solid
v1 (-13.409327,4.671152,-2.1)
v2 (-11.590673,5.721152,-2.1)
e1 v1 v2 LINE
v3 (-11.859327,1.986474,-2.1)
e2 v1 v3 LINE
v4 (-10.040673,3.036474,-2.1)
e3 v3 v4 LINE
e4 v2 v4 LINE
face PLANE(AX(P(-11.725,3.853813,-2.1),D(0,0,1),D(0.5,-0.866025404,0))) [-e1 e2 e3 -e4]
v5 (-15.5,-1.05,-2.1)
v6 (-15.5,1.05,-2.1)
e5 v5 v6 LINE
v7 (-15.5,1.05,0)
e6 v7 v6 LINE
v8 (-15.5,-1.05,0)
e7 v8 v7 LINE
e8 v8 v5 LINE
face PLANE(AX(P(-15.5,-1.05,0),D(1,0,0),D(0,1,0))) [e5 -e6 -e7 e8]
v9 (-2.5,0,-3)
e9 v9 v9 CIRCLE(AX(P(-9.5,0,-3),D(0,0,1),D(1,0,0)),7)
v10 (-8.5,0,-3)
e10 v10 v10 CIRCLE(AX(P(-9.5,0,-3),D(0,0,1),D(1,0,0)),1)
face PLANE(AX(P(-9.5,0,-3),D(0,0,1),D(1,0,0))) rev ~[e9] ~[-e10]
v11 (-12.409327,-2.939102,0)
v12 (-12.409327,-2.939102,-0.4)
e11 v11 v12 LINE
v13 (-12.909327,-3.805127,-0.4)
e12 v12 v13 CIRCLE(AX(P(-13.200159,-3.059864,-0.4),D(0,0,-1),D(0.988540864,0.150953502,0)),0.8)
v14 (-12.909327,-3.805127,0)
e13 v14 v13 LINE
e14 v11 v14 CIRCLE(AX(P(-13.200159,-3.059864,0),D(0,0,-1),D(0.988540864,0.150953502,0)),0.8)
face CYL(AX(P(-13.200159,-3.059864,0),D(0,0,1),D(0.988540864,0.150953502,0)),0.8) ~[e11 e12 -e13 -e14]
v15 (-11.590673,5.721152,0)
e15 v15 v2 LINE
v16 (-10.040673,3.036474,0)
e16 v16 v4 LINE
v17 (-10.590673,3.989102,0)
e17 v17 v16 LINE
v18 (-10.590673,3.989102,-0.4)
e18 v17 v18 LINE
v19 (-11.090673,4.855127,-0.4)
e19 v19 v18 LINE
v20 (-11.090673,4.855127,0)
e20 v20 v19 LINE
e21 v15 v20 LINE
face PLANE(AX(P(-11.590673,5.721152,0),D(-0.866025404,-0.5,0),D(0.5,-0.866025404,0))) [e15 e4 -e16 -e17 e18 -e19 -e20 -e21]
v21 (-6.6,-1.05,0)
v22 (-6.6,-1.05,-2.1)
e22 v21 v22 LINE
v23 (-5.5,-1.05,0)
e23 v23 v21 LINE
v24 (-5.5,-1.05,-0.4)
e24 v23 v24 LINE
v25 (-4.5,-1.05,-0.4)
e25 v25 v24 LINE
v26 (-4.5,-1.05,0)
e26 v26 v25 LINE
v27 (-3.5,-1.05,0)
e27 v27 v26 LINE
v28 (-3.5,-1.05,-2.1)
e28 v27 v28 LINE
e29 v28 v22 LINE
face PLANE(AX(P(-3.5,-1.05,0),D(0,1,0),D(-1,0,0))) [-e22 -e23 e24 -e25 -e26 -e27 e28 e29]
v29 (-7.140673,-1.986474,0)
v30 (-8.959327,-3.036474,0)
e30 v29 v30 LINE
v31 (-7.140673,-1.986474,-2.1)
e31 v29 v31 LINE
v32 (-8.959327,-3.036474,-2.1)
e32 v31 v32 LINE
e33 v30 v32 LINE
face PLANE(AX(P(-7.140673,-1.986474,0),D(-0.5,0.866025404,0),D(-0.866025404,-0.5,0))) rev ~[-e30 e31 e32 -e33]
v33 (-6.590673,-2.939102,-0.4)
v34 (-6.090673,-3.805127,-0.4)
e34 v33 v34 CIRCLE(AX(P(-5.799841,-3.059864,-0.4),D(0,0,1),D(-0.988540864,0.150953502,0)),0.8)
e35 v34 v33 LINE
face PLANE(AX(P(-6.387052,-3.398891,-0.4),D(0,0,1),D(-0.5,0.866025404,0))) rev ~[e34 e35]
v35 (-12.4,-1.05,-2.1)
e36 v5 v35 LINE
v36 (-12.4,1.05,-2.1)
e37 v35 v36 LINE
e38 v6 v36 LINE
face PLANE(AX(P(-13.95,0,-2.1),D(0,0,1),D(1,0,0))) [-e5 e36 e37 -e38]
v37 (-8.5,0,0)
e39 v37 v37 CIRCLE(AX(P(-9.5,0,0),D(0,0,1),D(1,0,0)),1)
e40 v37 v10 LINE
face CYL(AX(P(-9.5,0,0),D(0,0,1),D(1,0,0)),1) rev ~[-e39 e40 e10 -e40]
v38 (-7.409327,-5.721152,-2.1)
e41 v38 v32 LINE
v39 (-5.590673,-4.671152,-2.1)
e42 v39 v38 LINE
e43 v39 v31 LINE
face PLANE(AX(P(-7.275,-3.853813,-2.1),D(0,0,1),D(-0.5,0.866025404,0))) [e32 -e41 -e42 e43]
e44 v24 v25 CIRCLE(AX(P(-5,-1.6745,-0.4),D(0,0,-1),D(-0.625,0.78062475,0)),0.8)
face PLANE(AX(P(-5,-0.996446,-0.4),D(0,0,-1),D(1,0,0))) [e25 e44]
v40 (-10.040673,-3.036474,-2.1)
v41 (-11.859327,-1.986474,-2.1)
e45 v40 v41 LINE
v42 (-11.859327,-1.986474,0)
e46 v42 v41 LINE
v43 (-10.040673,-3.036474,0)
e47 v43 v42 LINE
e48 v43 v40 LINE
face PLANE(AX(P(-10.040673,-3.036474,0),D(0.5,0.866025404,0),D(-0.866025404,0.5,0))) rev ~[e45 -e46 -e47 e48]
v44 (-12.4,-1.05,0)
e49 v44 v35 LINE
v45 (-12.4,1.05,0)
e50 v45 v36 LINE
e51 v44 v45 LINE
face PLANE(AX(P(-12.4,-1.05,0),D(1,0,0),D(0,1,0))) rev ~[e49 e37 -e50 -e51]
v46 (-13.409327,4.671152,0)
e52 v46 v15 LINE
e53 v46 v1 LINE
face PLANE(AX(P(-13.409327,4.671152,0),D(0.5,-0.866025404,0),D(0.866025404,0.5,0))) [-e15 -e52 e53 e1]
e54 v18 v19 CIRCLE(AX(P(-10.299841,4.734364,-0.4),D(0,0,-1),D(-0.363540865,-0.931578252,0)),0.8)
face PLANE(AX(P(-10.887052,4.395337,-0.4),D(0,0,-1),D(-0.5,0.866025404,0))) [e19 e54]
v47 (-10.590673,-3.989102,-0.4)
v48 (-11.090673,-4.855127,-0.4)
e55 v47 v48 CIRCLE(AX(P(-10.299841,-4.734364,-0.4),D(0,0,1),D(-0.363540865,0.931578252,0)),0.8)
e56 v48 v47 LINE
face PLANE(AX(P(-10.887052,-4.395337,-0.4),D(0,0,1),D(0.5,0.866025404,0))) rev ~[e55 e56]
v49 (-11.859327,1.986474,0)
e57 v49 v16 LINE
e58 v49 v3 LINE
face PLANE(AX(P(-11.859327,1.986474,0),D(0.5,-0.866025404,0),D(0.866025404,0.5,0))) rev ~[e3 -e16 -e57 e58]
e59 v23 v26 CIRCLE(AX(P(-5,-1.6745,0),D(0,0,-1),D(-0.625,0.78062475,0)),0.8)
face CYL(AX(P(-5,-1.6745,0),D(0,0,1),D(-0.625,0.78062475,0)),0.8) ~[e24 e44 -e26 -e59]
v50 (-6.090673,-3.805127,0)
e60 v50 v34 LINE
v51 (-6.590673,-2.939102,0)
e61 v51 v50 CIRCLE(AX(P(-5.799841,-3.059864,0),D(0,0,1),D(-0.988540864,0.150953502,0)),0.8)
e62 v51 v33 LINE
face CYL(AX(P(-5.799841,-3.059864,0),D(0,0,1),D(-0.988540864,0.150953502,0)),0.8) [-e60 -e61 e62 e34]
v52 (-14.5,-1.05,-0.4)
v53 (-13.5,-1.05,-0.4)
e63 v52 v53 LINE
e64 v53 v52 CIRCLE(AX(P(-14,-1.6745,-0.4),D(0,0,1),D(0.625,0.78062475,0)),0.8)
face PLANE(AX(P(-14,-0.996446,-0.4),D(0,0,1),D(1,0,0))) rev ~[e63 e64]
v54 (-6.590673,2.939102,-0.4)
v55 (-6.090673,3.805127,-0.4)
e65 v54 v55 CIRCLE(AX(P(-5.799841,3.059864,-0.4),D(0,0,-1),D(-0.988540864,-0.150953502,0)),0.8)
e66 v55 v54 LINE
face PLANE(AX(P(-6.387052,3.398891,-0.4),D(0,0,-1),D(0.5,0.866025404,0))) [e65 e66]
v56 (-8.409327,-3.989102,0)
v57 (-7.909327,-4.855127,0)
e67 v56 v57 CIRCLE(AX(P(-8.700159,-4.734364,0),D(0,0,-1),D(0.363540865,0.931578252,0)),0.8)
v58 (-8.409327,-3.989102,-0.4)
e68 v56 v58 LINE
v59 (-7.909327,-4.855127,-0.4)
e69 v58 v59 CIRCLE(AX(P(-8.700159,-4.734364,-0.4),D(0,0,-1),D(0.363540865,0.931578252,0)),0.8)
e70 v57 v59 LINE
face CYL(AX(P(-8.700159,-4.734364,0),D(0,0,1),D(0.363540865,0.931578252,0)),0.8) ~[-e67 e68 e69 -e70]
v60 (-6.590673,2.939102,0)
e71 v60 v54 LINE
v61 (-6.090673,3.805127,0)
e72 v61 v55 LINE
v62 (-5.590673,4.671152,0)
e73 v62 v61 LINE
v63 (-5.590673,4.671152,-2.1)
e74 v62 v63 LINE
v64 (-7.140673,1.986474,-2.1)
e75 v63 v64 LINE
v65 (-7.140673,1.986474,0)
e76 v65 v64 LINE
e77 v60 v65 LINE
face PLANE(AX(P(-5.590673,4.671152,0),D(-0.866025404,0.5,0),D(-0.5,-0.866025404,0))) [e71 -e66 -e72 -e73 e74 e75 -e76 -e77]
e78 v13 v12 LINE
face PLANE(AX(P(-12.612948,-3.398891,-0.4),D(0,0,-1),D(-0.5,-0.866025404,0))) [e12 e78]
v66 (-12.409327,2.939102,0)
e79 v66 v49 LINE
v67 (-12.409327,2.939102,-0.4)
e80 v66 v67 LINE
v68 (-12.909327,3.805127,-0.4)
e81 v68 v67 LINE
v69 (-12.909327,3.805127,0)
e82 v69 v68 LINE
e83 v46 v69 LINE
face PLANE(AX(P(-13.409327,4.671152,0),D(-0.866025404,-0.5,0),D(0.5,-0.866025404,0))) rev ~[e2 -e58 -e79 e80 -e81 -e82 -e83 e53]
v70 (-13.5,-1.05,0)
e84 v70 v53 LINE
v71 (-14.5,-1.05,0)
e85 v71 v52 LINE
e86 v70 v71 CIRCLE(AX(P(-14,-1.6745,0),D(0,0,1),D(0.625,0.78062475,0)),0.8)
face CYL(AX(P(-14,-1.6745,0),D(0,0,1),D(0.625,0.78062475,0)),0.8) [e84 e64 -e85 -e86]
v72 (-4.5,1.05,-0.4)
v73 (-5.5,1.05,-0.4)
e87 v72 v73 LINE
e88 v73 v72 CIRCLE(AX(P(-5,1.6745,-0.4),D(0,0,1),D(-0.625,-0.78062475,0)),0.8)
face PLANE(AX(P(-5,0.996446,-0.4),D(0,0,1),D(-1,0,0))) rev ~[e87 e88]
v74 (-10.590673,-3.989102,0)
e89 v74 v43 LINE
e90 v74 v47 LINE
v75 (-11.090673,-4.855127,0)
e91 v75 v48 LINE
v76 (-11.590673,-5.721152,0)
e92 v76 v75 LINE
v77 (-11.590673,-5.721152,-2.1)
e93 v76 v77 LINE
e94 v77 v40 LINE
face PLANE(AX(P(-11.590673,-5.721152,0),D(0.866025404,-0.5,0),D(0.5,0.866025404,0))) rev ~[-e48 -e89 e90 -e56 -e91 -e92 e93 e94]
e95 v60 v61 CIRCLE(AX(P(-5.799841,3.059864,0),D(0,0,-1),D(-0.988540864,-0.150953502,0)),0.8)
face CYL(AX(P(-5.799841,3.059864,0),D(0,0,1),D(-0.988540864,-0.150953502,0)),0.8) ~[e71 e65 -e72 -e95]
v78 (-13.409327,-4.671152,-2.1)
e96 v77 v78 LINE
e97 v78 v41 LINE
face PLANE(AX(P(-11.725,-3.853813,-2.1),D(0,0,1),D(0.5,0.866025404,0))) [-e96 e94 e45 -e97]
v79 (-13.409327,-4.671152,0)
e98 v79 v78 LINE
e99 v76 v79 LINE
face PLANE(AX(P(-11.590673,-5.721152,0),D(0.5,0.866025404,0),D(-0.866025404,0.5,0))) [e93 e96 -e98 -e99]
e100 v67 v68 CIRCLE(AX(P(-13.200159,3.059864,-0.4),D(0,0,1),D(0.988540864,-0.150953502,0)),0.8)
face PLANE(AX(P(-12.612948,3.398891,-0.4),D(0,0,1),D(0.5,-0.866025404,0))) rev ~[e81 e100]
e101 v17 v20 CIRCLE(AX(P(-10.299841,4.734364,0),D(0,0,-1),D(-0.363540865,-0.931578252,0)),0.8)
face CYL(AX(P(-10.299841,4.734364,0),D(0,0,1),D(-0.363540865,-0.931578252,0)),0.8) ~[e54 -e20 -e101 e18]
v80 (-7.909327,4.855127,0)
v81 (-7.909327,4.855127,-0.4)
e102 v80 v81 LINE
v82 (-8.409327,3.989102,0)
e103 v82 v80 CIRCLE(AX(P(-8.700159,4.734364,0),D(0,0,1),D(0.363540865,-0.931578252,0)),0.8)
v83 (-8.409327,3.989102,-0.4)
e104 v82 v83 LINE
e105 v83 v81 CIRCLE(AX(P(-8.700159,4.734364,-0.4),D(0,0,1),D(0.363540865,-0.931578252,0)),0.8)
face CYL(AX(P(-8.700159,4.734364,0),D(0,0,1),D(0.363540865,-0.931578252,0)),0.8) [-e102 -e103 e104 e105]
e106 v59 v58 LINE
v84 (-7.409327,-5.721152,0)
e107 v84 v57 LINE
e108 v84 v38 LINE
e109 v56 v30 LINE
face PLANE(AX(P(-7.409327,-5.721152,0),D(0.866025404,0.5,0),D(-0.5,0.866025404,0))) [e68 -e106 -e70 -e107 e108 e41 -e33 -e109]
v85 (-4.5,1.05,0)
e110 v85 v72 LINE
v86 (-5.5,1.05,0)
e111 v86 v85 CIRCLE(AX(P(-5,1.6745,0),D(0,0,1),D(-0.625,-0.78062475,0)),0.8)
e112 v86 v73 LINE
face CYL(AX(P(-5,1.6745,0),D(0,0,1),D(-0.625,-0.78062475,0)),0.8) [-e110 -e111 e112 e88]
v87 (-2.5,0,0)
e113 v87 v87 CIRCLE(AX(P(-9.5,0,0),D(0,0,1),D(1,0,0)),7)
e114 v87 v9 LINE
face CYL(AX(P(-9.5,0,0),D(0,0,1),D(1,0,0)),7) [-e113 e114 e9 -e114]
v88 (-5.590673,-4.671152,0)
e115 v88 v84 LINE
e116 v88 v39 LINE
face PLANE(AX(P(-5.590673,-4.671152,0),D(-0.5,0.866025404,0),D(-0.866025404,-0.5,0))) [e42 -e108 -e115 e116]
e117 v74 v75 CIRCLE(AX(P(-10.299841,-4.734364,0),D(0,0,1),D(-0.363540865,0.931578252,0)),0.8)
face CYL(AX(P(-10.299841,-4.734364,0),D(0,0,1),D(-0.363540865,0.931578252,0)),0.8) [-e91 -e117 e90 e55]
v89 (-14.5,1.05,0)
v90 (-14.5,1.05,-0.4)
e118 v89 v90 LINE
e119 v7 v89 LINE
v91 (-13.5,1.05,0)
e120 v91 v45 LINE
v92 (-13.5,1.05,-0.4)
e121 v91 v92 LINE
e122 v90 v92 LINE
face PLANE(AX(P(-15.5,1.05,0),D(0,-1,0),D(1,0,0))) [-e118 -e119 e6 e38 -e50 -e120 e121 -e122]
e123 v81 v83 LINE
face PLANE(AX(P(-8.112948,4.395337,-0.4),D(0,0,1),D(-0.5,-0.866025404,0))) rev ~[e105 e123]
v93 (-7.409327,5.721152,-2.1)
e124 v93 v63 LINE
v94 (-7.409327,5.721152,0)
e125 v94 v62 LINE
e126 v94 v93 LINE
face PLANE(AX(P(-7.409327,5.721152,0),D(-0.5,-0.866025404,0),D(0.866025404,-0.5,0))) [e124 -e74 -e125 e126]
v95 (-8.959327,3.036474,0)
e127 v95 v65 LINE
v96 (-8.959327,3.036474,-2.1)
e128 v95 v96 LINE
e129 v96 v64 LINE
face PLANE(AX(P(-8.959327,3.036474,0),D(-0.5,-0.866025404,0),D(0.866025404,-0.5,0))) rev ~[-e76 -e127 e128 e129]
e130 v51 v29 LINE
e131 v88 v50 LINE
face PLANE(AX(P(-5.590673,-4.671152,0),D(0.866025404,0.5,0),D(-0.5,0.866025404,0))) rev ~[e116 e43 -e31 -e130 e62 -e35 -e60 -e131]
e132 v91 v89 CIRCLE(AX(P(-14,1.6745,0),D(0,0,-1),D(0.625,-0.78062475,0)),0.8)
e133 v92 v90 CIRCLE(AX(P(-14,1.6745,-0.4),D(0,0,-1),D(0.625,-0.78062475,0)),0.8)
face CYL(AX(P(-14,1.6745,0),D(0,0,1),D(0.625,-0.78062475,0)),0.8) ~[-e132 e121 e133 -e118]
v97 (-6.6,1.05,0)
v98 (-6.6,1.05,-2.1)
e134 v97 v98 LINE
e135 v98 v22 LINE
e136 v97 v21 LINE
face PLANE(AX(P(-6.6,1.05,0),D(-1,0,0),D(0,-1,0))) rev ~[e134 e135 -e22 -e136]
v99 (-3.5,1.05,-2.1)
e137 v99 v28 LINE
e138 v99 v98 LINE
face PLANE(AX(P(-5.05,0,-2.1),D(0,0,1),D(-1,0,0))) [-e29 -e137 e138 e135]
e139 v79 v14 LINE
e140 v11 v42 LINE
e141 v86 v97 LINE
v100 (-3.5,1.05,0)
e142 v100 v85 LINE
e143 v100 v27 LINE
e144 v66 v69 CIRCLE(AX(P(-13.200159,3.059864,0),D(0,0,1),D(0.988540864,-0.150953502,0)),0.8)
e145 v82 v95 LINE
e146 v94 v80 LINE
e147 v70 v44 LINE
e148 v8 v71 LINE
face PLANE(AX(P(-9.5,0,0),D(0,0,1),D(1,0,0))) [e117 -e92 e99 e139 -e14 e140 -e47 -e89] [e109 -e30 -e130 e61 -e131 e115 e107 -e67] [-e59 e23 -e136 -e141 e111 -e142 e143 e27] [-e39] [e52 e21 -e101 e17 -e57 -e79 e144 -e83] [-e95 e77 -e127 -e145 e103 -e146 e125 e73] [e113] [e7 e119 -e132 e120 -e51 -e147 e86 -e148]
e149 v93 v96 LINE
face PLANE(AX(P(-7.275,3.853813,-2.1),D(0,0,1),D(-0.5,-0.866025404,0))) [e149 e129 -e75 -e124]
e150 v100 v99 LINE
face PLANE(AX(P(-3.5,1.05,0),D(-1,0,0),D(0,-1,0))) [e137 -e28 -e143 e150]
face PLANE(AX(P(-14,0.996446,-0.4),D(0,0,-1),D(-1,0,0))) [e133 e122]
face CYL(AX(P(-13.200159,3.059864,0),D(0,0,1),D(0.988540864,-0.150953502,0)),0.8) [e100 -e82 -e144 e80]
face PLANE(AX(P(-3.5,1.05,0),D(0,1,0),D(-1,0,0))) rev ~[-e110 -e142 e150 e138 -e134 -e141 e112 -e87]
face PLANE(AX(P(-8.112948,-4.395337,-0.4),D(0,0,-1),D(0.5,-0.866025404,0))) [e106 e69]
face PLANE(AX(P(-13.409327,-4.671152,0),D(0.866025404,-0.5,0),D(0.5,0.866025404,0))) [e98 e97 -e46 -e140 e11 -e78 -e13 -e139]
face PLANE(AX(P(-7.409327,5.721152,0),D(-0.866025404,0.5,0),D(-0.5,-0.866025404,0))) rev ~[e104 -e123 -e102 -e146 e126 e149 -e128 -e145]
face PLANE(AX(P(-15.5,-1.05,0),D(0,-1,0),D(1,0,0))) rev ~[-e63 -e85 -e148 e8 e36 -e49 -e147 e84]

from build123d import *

# Parameters (mm, degrees)
SKETCH1_R           = 7
SKETCH1_R_2         = 1
BOSS_EXTRUDE1_DEPTH = 3
SKETCH2_W           = 3.1
SKETCH2_H           = 2.1
CUT_EXTRUDE1_DEPTH  = 2.1
CIRPATTERN1_COUNT   = 6
BOSS_EXTRUDE2_DEPTH = 0.4
CIRPATTERN2_COUNT   = 6


with BuildPart() as part:
    # Sketch1 → Boss-Extrude1 (new body)
    with BuildSketch(Plane.XY):
        with Locations((-9.5, 0)):
            Circle(SKETCH1_R)
        with Locations((-9.5, 0)):
            Circle(SKETCH1_R_2, mode=Mode.SUBTRACT)
    extrude(amount=-BOSS_EXTRUDE1_DEPTH)

    # Sketch2 → Cut-Extrude1 (cut)
    with BuildSketch(Plane.XY):
        with Locations((-13.95, 0)):
            Rectangle(SKETCH2_W, SKETCH2_H)
    cut_extrude1 = extrude(amount=-CUT_EXTRUDE1_DEPTH, mode=Mode.SUBTRACT)

    # CirPattern1: Cut-Extrude1 ×6 about axis
    cirpattern1_axis = Axis((-9.5, 0, 0), (0, 0, 1))
    for i in range(1, CIRPATTERN1_COUNT):
        add(cut_extrude1.rotate(cirpattern1_axis, i * 360 / CIRPATTERN1_COUNT), mode=Mode.SUBTRACT)

    # Sketch3 → Boss-Extrude2 (add)
    with BuildSketch(Plane.XY):
        with BuildLine():
            Line((-14.5, -1.05), (-13.5, -1.05))
            ThreePointArc((-13.5, -1.05), (-14, -0.8744998), (-14.5, -1.05))
        make_face()
        with BuildLine():
            Line((-14.5, 1.05), (-13.5, 1.05))
            ThreePointArc((-13.5, 1.05), (-14, 0.8744998), (-14.5, 1.05))
        make_face()
    boss_extrude2 = extrude(amount=-BOSS_EXTRUDE2_DEPTH)

    # CirPattern2: Boss-Extrude2 ×6 about axis
    cirpattern2_axis = Axis((-9.5, 0, 0), (0, 0, 1))
    for i in range(1, CIRPATTERN2_COUNT):
        add(boss_extrude2.rotate(cirpattern2_axis, i * 360 / CIRPATTERN2_COUNT))


solid = part.part
